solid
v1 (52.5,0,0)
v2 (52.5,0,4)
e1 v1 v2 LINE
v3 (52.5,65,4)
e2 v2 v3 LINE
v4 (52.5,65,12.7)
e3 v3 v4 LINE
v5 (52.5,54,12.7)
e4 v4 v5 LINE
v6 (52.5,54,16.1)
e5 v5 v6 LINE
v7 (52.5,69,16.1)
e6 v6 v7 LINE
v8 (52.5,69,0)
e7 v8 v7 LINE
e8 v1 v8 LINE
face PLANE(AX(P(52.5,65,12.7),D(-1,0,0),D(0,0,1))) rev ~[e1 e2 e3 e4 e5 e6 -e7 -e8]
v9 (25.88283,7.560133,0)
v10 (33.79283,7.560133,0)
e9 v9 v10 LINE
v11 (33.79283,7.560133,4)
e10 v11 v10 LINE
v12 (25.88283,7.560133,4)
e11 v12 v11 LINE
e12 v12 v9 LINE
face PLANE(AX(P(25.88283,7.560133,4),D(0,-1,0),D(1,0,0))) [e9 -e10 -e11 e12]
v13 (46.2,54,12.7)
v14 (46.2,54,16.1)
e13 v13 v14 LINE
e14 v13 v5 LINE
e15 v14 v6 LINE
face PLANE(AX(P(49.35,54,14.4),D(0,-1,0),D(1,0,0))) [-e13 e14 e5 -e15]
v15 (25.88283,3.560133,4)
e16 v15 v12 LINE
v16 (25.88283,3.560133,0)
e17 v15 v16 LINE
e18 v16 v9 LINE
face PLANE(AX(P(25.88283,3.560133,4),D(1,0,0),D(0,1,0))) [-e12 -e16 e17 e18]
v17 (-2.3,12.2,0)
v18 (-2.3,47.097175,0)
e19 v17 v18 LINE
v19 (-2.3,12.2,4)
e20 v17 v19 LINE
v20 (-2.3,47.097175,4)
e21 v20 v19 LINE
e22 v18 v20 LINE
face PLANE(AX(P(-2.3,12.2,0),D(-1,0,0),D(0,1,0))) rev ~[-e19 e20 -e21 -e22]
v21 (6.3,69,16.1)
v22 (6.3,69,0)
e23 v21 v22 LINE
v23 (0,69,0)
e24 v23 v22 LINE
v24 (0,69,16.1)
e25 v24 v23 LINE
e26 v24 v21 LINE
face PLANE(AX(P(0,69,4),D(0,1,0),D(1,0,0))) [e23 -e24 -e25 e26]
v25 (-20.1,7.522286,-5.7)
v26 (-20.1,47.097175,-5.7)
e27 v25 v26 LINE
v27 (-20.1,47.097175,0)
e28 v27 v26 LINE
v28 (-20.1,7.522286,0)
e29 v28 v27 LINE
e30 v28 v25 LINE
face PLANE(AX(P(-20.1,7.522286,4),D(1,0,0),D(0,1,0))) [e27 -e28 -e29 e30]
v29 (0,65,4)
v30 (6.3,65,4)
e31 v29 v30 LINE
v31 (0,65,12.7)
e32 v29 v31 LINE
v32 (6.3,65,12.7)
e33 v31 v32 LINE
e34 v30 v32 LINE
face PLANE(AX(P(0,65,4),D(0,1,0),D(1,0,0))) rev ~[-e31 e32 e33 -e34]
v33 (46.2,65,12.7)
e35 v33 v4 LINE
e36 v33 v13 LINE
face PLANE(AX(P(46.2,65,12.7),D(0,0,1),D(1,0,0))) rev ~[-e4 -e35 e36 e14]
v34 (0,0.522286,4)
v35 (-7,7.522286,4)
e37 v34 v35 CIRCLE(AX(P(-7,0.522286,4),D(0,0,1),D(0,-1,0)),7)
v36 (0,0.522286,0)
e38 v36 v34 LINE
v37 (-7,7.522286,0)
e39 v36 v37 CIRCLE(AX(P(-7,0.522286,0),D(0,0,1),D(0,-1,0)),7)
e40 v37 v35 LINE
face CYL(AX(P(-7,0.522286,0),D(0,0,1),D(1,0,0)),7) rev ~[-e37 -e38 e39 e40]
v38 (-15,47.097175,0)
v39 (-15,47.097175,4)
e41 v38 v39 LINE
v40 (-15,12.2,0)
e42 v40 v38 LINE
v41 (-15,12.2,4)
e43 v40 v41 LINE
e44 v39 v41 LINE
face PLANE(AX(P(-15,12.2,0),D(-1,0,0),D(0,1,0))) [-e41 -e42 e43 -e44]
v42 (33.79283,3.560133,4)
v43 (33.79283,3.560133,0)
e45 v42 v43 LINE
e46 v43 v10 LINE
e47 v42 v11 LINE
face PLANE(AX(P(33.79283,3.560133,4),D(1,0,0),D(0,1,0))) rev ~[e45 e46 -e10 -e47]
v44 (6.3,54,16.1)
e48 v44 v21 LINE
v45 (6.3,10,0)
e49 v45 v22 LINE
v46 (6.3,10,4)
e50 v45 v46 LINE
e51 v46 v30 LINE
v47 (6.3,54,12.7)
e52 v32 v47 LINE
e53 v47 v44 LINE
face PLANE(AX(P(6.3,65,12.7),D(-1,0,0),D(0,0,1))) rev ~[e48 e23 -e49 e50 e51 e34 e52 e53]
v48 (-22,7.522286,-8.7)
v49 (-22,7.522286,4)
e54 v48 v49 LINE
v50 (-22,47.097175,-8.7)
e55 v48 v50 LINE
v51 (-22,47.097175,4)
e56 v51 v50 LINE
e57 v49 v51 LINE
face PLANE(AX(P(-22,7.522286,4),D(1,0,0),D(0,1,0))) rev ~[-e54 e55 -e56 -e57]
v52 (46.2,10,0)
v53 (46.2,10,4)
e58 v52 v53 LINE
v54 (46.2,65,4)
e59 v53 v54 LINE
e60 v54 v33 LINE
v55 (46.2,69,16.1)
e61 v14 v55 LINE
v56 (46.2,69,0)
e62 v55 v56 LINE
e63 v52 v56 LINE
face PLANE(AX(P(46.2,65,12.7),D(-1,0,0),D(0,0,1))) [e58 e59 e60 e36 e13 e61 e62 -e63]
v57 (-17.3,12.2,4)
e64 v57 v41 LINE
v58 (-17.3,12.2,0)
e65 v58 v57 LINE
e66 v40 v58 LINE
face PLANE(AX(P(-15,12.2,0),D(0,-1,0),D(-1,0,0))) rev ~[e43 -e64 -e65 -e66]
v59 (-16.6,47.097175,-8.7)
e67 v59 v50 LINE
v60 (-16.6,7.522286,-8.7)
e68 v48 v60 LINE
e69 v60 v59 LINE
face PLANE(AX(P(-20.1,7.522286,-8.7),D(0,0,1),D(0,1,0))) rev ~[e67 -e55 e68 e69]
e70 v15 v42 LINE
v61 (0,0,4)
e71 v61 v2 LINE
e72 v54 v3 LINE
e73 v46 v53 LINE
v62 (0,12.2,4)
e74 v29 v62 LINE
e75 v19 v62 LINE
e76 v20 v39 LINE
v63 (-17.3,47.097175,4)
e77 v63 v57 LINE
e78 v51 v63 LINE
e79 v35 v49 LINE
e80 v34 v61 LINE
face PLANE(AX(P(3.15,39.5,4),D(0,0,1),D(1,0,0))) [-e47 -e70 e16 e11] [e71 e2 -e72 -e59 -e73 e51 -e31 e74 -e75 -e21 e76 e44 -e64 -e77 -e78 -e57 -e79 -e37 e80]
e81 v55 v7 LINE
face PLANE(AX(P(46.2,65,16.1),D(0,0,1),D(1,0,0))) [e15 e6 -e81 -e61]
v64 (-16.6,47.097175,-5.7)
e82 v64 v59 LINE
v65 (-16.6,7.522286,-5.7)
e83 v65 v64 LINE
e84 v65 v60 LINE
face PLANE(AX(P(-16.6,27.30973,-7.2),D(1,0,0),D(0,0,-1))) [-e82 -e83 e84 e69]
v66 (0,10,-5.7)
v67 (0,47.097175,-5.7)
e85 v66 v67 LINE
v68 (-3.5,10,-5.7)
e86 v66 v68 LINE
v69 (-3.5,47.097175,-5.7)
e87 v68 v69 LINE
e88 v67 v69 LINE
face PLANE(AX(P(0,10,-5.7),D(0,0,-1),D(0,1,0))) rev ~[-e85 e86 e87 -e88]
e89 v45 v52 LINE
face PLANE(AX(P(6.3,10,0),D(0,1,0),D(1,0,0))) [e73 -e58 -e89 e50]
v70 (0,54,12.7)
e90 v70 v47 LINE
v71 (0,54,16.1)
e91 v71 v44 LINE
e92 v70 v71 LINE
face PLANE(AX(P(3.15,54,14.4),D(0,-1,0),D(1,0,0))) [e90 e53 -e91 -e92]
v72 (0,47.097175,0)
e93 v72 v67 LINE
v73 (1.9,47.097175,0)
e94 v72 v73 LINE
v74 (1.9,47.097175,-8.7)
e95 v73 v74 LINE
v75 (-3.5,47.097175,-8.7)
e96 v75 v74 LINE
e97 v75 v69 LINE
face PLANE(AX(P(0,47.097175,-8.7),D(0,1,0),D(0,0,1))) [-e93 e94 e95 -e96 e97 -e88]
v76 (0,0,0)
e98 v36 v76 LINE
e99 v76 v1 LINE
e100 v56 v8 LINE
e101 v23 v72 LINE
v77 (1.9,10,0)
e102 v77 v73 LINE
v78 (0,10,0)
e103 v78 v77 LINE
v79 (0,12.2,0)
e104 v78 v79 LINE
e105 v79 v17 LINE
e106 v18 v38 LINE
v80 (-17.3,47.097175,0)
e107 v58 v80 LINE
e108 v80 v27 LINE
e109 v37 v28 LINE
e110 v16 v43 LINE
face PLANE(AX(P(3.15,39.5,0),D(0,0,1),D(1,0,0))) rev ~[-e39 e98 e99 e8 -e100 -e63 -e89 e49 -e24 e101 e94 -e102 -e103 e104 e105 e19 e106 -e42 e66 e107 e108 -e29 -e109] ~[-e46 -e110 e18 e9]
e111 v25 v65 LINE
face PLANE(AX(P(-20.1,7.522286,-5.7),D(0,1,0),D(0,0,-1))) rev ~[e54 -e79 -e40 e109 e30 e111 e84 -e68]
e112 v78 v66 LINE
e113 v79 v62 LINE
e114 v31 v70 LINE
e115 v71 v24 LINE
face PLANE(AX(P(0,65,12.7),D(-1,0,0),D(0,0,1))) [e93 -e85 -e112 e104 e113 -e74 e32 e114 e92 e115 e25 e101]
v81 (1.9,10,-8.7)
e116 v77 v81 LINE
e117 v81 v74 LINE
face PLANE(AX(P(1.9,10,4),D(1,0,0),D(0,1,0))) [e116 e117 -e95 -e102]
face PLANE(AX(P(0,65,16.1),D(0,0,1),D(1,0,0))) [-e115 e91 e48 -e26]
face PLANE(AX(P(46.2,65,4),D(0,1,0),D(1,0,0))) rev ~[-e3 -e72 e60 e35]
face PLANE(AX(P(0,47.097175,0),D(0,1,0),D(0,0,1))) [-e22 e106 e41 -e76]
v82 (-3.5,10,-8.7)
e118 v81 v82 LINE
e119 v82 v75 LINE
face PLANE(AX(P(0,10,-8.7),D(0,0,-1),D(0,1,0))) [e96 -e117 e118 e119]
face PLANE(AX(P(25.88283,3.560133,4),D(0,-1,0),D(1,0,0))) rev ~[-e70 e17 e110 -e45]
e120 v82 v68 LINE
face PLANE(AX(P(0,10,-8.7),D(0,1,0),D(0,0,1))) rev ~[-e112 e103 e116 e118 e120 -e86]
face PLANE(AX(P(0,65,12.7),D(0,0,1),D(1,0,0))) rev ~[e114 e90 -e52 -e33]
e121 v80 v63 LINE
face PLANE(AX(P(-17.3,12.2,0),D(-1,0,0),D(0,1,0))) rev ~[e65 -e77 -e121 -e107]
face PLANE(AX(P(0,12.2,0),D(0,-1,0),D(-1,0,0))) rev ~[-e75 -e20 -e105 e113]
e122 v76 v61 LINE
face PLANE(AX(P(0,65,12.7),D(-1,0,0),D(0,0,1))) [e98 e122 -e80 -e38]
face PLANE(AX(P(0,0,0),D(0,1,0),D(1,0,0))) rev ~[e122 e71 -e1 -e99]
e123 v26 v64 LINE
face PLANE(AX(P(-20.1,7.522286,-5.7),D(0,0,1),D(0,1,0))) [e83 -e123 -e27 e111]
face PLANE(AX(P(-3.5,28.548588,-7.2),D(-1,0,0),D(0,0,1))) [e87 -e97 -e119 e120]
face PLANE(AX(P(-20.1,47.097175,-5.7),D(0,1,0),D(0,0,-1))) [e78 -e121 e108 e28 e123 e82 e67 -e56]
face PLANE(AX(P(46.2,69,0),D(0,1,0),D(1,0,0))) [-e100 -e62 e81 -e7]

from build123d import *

# Parameters (mm, degrees)
SKETCH_1_W          = 6.3
SKETCH_1_H          = 59
SKETCH_1_W_2        = 52.5
SKETCH_1_H_2        = 10
EXTRUDE_1_DEPTH     = 4
SKETCH_2_W          = 6.3
SKETCH_2_H          = 4
EXTRUDE_2_DEPTH     = 12.1
SKETCH_3_W          = 6.3
SKETCH_3_H          = 3.4
EXTRUDE_3_DEPTH     = 11
SKETCH_4_W          = 6.3
SKETCH_4_H          = 3.4
EXTRUDE_4_DEPTH     = 11
SKETCH_5_W          = 4
SKETCH_5_H          = 39.574889558
EXTRUDE_5_DEPTH     = 22
SKETCH_6_W          = 2.3
SKETCH_6_H          = 37
CUT_EXTRUDE_1_DEPTH = 89.184238955
FILLET_1_R          = 7
SKETCH_7_W          = 7.91
SKETCH_7_H          = 4
CUT_EXTRUDE_2_DEPTH = 88.542332617
SKETCH_8_W          = 1.9
SKETCH_8_H          = 39.574889558
SKETCH_8_H_2        = 37.097175278
EXTRUDE_6_DEPTH     = 12.7
SKETCH_9_W          = 3
SKETCH_9_H          = 39.574889558
EXTRUDE_7_DEPTH     = 3.5
SKETCH_10_W         = 3
SKETCH_10_H         = 37.097175278
EXTRUDE_8_DEPTH     = 3.5


with BuildPart() as part:
    # Эскиз1 → Бобышка-Вытянуть1 (new body)
    with BuildSketch(Plane.XY):
        with Locations((3.15, 39.5)):
            Rectangle(SKETCH_1_W, SKETCH_1_H)
        with Locations((26.25, 5)):
            Rectangle(SKETCH_1_W_2, SKETCH_1_H_2)
        with Locations((49.35, 39.5)):
            Rectangle(SKETCH_1_W, SKETCH_1_H)
    extrude(amount=EXTRUDE_1_DEPTH)

    # Эскиз2 → Бобышка-Вытянуть2 (add)
    with BuildSketch(Plane.XY.offset(4)):
        with Locations((3.15, 67)):
            Rectangle(SKETCH_2_W, SKETCH_2_H)
        with Locations((49.35, 67)):
            Rectangle(SKETCH_2_W, SKETCH_2_H)
    extrude(amount=EXTRUDE_2_DEPTH)

    # Эскиз3 → Бобышка-Вытянуть3 (add)
    with BuildSketch(Plane.XZ.offset(-65)):
        with Locations((49.35, 14.4)):
            Rectangle(SKETCH_3_W, SKETCH_3_H)
    extrude(amount=EXTRUDE_3_DEPTH)

    # Эскиз4 → Бобышка-Вытянуть4 (add)
    with BuildSketch(Plane.XZ.offset(-65)):
        with Locations((3.15, 14.4)):
            Rectangle(SKETCH_4_W, SKETCH_4_H)
    extrude(amount=EXTRUDE_4_DEPTH)

    # Эскиз5 → Бобышка-Вытянуть5 (add)
    with BuildSketch(Plane.ZY):
        with Locations((2, 27.309730499)):
            Rectangle(SKETCH_5_W, SKETCH_5_H)
    extrude(amount=EXTRUDE_5_DEPTH)

    # Эскиз6 → Вырез-Вытянуть1 (cut, through all)
    with BuildSketch(Plane(origin=(0, 0, 0), x_dir=(-1, 0, 0), z_dir=(0, 0, -1))):
        with Locations((1.15, 30.7)):
            Rectangle(SKETCH_6_W, SKETCH_6_H)
        with Locations((16.15, 30.7)):
            Rectangle(SKETCH_6_W, SKETCH_6_H)
    extrude(amount=-CUT_EXTRUDE_1_DEPTH, mode=Mode.SUBTRACT)

    # Скругление1
    fillet_1_edges = [part.edges().sort_by_distance(p)[0] for p in [
        (0, 7.52228572, 2),
    ]]
    fillet(fillet_1_edges, radius=FILLET_1_R)

    # Эскиз7 → Вырез-Вытянуть2 (cut, through all)
    with BuildSketch(Plane.XY.offset(4)):
        with Locations((29.837829831, 5.560133135)):
            Rectangle(SKETCH_7_W, SKETCH_7_H)
    extrude(amount=-CUT_EXTRUDE_2_DEPTH, mode=Mode.SUBTRACT)

    # Эскиз8 → Бобышка-Вытянуть6 (add)
    with BuildSketch(Plane.XY.offset(4)):
        with Locations((-21.05, 27.309730499)):
            Rectangle(SKETCH_8_W, SKETCH_8_H)
        with Locations((0.95, 28.548587639)):
            Rectangle(SKETCH_8_W, SKETCH_8_H_2)
    extrude(amount=-EXTRUDE_6_DEPTH)

    # Эскиз9 → Бобышка-Вытянуть7 (add)
    with BuildSketch(Plane(origin=(-20.1, 0, 0), x_dir=(0, 0, -1), z_dir=(1, 0, 0))):
        with Locations((7.2, 27.309730499)):
            Rectangle(SKETCH_9_W, SKETCH_9_H)
    extrude(amount=EXTRUDE_7_DEPTH)

    # Эскиз10 → Бобышка-Вытянуть8 (add)
    with BuildSketch(Plane.ZY):
        with Locations((-7.2, 28.548587639)):
            Rectangle(SKETCH_10_W, SKETCH_10_H)
    extrude(amount=EXTRUDE_8_DEPTH)


solid = part.part
